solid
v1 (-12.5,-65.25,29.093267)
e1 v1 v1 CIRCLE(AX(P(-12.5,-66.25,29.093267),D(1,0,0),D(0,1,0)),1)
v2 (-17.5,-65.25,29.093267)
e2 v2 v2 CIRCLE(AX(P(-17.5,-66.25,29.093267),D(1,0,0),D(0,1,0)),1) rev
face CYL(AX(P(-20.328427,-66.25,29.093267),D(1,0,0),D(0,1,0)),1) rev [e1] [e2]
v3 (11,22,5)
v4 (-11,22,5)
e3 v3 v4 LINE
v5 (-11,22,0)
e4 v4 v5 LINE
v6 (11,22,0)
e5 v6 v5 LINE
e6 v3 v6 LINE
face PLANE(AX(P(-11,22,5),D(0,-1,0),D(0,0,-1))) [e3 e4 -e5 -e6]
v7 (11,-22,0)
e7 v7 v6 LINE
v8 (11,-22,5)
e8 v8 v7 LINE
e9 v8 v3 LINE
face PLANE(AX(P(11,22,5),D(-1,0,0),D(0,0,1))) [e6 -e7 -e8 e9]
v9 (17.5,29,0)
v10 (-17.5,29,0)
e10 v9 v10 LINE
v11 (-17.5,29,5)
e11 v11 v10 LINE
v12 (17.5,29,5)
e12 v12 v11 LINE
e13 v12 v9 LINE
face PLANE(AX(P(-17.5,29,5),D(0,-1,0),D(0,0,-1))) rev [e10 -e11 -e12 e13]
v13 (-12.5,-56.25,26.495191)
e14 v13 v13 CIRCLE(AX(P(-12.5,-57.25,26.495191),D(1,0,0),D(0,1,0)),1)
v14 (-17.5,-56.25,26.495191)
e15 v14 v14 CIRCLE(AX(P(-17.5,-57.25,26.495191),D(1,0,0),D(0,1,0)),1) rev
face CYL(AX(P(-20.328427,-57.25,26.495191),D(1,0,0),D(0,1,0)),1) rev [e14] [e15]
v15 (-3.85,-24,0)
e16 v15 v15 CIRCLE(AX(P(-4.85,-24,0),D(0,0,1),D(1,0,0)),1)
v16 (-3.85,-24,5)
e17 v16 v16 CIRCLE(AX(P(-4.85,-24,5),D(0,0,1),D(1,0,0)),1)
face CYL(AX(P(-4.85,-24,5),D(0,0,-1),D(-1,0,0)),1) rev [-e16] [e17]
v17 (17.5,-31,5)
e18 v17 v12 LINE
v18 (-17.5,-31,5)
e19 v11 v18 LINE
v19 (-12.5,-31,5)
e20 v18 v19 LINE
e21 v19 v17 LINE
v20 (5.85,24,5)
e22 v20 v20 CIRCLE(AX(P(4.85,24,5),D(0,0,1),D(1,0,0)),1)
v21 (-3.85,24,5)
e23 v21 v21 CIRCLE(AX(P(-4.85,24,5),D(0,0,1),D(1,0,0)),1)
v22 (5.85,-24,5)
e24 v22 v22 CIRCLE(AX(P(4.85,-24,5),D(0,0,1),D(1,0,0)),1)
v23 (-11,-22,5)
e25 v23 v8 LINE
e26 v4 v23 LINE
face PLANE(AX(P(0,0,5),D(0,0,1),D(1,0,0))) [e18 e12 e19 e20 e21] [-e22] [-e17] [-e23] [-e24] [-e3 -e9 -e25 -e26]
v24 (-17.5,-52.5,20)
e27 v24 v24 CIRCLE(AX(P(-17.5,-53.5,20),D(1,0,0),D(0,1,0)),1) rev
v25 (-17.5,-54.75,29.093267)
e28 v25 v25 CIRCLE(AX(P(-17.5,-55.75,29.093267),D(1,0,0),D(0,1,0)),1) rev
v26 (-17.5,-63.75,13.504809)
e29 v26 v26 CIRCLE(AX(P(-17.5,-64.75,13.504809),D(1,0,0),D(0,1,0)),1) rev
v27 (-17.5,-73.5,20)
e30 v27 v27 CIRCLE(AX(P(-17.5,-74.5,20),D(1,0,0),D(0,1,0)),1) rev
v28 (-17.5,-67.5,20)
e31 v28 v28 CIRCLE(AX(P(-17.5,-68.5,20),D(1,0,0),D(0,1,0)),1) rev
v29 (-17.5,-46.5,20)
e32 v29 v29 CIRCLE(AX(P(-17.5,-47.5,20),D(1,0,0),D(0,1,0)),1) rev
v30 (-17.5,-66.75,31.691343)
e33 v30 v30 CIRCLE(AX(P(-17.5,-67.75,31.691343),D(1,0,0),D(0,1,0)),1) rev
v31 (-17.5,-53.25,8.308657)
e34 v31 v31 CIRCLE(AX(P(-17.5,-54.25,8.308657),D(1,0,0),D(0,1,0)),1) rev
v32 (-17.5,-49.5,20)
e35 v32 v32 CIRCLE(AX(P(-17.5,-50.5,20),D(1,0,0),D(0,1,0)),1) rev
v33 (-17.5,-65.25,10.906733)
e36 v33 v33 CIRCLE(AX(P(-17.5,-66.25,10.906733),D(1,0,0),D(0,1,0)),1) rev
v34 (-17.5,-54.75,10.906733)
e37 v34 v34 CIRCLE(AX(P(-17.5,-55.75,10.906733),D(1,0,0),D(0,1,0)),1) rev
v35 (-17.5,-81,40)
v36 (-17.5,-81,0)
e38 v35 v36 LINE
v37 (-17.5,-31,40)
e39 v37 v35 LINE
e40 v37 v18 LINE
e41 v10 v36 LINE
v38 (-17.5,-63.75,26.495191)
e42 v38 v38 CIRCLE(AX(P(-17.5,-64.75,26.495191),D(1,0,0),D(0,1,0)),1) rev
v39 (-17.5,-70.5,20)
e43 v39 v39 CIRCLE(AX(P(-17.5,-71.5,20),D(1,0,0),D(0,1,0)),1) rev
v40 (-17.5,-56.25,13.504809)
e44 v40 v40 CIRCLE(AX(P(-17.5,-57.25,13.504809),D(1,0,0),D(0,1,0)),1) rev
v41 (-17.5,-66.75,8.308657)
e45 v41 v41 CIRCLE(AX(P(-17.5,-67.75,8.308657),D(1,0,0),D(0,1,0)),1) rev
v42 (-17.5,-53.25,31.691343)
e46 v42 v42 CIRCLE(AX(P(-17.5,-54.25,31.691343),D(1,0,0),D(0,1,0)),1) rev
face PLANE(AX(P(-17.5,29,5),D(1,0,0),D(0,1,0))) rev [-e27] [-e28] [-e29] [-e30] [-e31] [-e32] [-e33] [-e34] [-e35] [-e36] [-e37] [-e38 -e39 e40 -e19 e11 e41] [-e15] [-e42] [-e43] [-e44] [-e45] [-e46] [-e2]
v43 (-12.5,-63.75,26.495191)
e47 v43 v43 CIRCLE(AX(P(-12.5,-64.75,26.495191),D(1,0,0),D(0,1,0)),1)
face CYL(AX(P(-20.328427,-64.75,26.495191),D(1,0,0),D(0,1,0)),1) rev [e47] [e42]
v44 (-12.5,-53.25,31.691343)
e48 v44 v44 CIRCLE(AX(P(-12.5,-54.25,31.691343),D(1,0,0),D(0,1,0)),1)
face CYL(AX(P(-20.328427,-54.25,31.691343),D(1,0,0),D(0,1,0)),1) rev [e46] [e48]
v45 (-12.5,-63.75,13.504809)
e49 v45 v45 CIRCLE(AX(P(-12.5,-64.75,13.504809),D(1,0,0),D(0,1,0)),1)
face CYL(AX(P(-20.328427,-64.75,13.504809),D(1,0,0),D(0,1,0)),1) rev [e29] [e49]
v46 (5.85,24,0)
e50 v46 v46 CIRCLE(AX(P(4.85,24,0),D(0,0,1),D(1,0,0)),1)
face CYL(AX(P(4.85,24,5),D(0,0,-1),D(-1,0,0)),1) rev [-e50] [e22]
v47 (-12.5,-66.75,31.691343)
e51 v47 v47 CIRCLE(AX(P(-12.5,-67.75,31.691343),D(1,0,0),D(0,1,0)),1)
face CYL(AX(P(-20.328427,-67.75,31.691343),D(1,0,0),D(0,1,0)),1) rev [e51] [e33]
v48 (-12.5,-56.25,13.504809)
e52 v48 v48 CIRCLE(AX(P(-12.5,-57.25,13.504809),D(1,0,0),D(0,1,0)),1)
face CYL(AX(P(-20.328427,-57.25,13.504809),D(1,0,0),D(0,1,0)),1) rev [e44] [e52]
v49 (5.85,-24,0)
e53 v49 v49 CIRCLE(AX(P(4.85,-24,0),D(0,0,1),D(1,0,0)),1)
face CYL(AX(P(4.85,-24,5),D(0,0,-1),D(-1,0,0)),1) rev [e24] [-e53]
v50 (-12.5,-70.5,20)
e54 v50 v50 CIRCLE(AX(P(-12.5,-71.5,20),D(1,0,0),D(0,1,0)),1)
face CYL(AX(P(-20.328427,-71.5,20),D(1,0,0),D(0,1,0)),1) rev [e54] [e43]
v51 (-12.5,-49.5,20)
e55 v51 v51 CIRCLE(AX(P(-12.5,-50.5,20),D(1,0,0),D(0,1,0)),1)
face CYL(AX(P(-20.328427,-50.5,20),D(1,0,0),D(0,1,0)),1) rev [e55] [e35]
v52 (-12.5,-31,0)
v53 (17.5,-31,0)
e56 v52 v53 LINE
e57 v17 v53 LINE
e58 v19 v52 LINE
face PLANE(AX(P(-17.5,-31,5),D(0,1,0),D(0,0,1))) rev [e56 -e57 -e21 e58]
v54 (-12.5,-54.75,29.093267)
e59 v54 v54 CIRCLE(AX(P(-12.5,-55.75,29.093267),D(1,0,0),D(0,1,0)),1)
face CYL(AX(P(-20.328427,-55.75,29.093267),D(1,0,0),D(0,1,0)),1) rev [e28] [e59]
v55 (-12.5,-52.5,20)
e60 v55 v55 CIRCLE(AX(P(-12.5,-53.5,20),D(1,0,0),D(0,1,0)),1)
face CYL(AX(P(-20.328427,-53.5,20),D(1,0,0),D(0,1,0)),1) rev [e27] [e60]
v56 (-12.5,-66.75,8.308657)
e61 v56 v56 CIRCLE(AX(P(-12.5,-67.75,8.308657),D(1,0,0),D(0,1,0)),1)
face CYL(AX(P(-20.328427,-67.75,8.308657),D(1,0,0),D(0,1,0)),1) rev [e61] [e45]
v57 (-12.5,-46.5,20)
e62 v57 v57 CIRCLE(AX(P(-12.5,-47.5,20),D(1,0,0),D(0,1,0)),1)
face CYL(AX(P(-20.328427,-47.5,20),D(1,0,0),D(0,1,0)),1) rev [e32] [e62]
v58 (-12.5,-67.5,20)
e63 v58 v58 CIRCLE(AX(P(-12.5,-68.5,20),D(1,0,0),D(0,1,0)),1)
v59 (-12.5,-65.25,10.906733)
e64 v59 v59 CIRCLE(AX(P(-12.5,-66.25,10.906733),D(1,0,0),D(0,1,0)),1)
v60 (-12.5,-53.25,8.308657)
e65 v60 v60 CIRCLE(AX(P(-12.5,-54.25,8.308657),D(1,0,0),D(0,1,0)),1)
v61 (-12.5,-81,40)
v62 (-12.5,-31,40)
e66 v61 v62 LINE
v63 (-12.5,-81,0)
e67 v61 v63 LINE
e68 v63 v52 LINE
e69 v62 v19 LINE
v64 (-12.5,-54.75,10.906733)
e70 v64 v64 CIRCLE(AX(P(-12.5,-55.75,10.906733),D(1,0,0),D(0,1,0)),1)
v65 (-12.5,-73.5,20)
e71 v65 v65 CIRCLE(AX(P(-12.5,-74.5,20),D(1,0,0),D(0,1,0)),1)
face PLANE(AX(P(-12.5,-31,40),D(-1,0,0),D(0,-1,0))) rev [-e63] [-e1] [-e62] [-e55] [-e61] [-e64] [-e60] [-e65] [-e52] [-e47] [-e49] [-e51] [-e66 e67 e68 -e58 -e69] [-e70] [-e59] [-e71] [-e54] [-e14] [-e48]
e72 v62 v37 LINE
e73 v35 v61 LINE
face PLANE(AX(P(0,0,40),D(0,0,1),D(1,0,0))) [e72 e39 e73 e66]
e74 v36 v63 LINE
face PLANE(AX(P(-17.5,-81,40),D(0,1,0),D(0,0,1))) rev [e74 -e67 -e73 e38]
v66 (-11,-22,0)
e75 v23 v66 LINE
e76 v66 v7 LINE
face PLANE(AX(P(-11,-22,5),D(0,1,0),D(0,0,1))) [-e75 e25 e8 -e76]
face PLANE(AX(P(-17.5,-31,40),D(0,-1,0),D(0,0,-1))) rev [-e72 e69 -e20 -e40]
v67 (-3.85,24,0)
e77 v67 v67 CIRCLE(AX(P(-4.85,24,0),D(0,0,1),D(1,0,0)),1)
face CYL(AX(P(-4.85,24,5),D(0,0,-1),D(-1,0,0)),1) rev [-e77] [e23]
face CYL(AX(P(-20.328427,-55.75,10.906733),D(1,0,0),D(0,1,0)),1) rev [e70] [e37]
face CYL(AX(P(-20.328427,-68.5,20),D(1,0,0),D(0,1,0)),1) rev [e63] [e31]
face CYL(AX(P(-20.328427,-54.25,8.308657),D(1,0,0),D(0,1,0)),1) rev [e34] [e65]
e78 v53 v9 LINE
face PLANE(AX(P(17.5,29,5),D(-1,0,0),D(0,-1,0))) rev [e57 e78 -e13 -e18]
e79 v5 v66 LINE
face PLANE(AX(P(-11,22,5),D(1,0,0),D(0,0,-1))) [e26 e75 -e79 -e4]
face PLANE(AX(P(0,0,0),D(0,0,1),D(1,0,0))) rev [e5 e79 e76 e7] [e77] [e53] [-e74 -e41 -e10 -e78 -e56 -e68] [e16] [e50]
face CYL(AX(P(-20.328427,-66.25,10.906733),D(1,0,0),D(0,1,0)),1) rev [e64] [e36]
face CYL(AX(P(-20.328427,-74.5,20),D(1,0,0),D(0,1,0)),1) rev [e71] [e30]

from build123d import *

# Parameters (mm, degrees)
SKETCH1_W           = 35
SKETCH1_H           = 60
SKETCH1_R           = 1
SKETCH1_W_2         = 22
SKETCH1_H_2         = 44
BOSS_EXTRUDE1_DEPTH = 5
SKETCH2_W           = 5
SKETCH2_H           = 50
BOSS_EXTRUDE2_DEPTH = 40
SKETCH3_R           = 1
CUT_EXTRUDE1_DEPTH  = 5


with BuildPart() as part:
    # Sketch1 → Boss-Extrude1 (new body)
    with BuildSketch(Plane.XY):
        with Locations((0, -1)):
            Rectangle(SKETCH1_W, SKETCH1_H)
        with Locations((-4.85, -24)):
            Circle(SKETCH1_R, mode=Mode.SUBTRACT)
        with Locations((4.85, -24)):
            Circle(SKETCH1_R, mode=Mode.SUBTRACT)
        with Locations((4.85, 24)):
            Circle(SKETCH1_R, mode=Mode.SUBTRACT)
        with Locations((-4.85, 24)):
            Circle(SKETCH1_R, mode=Mode.SUBTRACT)
        Rectangle(SKETCH1_W_2, SKETCH1_H_2, mode=Mode.SUBTRACT)
    extrude(amount=BOSS_EXTRUDE1_DEPTH)

    # Sketch2 → Boss-Extrude2 (add)
    with BuildSketch(Plane.XY):
        with Locations((-15, -56)):
            Rectangle(SKETCH2_W, SKETCH2_H)
    extrude(amount=BOSS_EXTRUDE2_DEPTH)

    # Sketch3 → Cut-Extrude1 (cut)
    with BuildSketch(Plane(origin=(-12.5, 0, 0), x_dir=(0, 0, -1), z_dir=(1, 0, 0))):
        with Locations(Location((-20, -74.5, 0), (0, 0, 90))):
            Circle(SKETCH3_R)
        with Locations(Location((-20, -71.5, 0), (0, 0, 90))):
            Circle(SKETCH3_R)
        with Locations(Location((-20, -68.5, 0), (0, 0, 90))):
            Circle(SKETCH3_R)
        with Locations(Location((-26.495190528, -64.75, 0), (0, 0, 90))):
            Circle(SKETCH3_R)
        with Locations(Location((-29.09326674, -66.25, 0), (0, 0, 90))):
            Circle(SKETCH3_R)
        with Locations(Location((-31.691342951, -67.75, 0), (0, 0, 90))):
            Circle(SKETCH3_R)
        with Locations(Location((-26.495190528, -57.25, 0), (0, 0, 90))):
            Circle(SKETCH3_R)
        with Locations(Location((-29.09326674, -55.75, 0), (0, 0, 90))):
            Circle(SKETCH3_R)
        with Locations(Location((-31.691342951, -54.25, 0), (0, 0, 90))):
            Circle(SKETCH3_R)
        with Locations(Location((-20, -53.5, 0), (0, 0, 90))):
            Circle(SKETCH3_R)
        with Locations(Location((-20, -50.5, 0), (0, 0, 90))):
            Circle(SKETCH3_R)
        with Locations(Location((-20, -47.5, 0), (0, 0, 90))):
            Circle(SKETCH3_R)
        with Locations(Location((-13.504809472, -57.25, 0), (0, 0, 90))):
            Circle(SKETCH3_R)
        with Locations(Location((-10.90673326, -55.75, 0), (0, 0, 90))):
            Circle(SKETCH3_R)
        with Locations(Location((-8.308657049, -54.25, 0), (0, 0, 90))):
            Circle(SKETCH3_R)
        with Locations(Location((-13.504809472, -64.75, 0), (0, 0, 90))):
            Circle(SKETCH3_R)
        with Locations(Location((-10.90673326, -66.25, 0), (0, 0, 90))):
            Circle(SKETCH3_R)
        with Locations(Location((-8.308657049, -67.75, 0), (0, 0, 90))):
            Circle(SKETCH3_R)
    extrude(amount=-CUT_EXTRUDE1_DEPTH, mode=Mode.SUBTRACT)


solid = part.part
